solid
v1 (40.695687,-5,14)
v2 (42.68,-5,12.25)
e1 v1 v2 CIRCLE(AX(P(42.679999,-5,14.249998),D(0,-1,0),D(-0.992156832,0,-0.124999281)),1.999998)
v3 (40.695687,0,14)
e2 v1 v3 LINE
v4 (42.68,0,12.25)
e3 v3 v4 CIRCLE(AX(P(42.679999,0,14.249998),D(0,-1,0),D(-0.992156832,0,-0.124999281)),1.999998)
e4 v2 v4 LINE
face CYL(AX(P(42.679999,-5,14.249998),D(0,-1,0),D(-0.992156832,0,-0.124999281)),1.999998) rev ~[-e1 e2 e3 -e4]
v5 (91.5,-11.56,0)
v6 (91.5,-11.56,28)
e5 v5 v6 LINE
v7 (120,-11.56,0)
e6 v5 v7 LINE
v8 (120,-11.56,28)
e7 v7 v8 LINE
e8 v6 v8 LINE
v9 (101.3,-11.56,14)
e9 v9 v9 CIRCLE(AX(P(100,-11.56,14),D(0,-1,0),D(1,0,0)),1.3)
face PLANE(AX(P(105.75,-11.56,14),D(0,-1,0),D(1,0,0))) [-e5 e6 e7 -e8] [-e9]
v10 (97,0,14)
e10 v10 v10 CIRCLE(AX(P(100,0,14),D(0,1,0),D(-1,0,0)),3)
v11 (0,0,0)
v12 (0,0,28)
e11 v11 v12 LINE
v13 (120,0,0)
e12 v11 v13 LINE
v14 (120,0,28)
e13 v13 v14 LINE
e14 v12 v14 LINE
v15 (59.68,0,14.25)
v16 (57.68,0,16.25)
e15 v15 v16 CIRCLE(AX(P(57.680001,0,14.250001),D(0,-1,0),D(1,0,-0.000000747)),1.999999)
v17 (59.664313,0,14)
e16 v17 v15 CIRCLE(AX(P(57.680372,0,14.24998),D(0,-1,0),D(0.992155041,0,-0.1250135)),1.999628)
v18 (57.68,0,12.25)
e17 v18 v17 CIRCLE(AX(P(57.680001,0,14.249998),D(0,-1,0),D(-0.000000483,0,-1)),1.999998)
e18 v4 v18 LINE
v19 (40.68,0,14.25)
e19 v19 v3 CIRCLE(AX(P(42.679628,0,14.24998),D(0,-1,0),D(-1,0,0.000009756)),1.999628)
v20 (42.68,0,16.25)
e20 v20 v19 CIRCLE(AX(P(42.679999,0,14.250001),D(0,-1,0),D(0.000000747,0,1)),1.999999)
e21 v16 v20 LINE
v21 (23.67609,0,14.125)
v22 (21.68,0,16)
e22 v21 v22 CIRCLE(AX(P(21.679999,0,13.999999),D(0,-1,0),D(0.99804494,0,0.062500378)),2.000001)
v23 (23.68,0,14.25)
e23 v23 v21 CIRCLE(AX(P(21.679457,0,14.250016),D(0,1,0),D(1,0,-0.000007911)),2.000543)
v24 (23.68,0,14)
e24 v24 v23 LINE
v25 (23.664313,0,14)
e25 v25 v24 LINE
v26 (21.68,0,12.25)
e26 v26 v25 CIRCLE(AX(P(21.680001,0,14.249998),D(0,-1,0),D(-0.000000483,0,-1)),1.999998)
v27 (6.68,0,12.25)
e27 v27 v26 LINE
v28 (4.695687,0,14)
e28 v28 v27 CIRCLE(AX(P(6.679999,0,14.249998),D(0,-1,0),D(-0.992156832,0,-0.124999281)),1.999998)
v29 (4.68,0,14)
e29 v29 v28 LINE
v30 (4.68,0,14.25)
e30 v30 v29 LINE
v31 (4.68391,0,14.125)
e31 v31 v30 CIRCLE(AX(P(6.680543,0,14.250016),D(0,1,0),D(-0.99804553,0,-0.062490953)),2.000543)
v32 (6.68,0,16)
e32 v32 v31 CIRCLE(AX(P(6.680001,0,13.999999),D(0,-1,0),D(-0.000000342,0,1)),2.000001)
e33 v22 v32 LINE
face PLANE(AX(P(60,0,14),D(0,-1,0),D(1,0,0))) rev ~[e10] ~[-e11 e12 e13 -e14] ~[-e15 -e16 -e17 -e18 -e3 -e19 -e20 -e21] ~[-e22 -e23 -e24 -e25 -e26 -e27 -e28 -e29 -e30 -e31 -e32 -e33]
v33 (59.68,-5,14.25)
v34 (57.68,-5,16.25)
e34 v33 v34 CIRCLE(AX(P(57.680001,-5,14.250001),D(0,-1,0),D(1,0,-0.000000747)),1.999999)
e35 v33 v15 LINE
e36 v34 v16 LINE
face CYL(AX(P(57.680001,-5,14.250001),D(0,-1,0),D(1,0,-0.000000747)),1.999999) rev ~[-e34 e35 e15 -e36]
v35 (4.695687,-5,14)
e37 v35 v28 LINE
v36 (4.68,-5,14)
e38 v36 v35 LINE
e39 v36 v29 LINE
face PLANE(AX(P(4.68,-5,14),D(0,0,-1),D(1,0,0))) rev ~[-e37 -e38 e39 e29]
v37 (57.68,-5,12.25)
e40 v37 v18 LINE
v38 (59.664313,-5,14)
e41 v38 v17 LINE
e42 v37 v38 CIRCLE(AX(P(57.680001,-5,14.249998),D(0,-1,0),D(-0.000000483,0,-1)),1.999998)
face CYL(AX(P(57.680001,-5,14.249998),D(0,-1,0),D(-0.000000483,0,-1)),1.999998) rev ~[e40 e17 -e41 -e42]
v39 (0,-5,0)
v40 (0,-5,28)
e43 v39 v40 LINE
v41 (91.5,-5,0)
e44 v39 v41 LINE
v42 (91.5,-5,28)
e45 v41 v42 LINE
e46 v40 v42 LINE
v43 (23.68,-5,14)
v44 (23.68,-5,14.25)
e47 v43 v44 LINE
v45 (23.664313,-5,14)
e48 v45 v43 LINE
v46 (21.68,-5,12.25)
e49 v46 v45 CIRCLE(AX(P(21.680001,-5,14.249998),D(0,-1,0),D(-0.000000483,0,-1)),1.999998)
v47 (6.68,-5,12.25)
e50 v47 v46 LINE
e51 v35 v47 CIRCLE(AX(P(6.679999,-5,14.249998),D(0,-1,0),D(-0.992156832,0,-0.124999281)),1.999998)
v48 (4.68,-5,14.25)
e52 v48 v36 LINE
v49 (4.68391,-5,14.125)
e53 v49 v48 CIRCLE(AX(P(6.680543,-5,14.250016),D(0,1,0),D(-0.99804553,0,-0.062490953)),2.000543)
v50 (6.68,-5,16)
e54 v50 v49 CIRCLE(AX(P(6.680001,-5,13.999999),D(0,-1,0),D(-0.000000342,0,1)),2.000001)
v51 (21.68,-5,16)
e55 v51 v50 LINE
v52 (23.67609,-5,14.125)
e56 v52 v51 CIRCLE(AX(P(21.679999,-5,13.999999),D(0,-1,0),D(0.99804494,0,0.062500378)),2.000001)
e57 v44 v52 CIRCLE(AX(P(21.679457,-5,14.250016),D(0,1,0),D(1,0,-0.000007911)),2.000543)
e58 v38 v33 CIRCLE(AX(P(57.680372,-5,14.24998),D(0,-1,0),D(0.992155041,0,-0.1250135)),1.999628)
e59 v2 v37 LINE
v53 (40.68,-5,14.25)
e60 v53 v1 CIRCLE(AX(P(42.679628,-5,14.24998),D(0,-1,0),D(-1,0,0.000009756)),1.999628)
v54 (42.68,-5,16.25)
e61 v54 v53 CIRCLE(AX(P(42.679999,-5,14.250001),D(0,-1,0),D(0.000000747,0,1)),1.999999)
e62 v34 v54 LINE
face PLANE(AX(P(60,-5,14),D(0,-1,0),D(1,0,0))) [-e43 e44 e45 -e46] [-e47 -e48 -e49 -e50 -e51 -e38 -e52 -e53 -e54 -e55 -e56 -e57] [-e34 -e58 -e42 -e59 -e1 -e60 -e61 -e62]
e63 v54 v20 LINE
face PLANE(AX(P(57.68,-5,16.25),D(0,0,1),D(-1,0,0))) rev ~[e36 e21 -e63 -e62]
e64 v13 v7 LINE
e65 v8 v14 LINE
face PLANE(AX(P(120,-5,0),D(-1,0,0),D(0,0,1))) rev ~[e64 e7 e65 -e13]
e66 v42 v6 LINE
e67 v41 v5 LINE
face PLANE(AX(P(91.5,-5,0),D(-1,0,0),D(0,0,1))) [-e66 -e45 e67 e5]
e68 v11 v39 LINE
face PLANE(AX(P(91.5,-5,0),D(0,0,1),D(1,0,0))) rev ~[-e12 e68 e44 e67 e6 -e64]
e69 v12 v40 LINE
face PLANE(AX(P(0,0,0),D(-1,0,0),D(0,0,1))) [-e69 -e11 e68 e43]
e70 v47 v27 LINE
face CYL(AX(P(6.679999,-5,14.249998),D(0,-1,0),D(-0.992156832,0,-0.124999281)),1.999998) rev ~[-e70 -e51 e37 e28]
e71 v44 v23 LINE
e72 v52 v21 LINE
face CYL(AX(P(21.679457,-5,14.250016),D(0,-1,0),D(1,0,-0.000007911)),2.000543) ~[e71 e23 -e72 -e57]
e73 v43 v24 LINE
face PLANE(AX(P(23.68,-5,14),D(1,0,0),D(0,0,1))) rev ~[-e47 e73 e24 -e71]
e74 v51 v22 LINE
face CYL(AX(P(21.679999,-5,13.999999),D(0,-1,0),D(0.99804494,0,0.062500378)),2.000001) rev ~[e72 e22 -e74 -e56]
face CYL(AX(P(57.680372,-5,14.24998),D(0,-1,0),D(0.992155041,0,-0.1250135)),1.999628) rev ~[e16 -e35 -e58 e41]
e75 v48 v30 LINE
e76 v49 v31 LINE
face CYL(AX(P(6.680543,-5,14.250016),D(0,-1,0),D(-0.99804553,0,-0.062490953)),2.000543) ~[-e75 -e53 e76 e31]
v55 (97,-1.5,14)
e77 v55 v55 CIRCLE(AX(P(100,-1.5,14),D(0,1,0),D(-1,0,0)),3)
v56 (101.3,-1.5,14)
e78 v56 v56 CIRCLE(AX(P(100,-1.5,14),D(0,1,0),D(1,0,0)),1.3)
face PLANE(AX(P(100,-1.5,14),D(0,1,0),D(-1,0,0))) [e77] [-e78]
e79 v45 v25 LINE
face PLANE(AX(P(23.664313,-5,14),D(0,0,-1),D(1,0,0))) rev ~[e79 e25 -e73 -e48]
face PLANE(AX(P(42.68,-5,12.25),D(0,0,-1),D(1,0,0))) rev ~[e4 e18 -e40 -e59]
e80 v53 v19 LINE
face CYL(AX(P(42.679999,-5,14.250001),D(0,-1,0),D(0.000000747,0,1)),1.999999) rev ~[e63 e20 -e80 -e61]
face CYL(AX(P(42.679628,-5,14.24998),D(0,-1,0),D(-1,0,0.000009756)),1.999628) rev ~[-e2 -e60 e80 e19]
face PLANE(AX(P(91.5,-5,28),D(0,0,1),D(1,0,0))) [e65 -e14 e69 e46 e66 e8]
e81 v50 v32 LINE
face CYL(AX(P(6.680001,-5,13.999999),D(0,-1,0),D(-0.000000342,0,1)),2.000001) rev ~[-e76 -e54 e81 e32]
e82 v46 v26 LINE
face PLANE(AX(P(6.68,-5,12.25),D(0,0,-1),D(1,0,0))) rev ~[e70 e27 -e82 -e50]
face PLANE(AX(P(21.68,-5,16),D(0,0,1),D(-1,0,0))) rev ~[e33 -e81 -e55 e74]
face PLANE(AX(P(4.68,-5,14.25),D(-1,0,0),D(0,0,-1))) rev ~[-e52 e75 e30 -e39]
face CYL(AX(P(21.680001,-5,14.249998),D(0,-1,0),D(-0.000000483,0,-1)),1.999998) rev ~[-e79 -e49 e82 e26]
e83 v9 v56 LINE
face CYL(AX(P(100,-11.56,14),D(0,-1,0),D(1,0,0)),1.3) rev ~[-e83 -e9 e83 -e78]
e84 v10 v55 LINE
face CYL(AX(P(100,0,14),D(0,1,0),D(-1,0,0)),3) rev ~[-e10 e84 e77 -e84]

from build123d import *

# Parameters (mm, degrees)
F0_W     = 120
F0_H     = 28
F1_DEPTH = 5
F2_W     = 28.5
F2_H     = 28
F3_DEPTH = 6.56
F5_R     = 1.3
F6_DEPTH = 11.56
F7_DEPTH = 5
F8_R     = 3
F8_R_2   = 1.3
F9_DEPTH = 1.5


with BuildPart() as f1:
    # F0 (on Front) → F1 (new body)
    with BuildSketch(Plane.XZ):
        with Locations((60, 14)):
            Rectangle(F0_W, F0_H)
    extrude(amount=F1_DEPTH)

    # F2 (on face) → F3 (join)
    with BuildSketch(Plane.XZ.offset(5)):
        with Locations((105.75, 14)):
            Rectangle(F2_W, F2_H)
    extrude(amount=F3_DEPTH)

    # F5 (on face) → F6 (cut, through all)
    with BuildSketch(Plane.XZ.offset(11.56)):
        with Locations((100, 14)):
            Circle(F5_R)
    extrude(amount=-F6_DEPTH, mode=Mode.SUBTRACT)

    # F4 (on face) → F7 (cut, through all)
    with BuildSketch(Plane.XZ.offset(5)):
        with BuildLine():
            ThreePointArc((4.68391, 14.125), (4.680978, 14.062531), (4.68, 14))
            Line((4.68, 14), (4.695687, 14))
            ThreePointArc((4.695687, 14), (4.688817, 14.062408), (4.68391, 14.125))
        make_face()
        with BuildLine():
            ThreePointArc((40.68, 14.25), (40.683925, 14.124754), (40.695687, 14))
            Line((40.695687, 14), (59.664313, 14))
            ThreePointArc((59.664313, 14), (59.676075, 14.124754), (59.68, 14.25))
            ThreePointArc((59.68, 14.25), (59.094214, 15.664214), (57.68, 16.25))
            Line((57.68, 16.25), (42.68, 16.25))
            ThreePointArc((42.68, 16.25), (41.265786, 15.664214), (40.68, 14.25))
        make_face()
        with BuildLine():
            Line((59.664313, 14), (40.695687, 14))
            ThreePointArc((40.695687, 14), (41.357124, 12.75), (42.68, 12.25))
            Line((42.68, 12.25), (57.68, 12.25))
            ThreePointArc((57.68, 12.25), (59.002876, 12.75), (59.664313, 14))
        make_face()
        with BuildLine():
            Line((4.68, 14.25), (4.68, 14))
            ThreePointArc((4.68, 14), (4.680978, 14.062531), (4.68391, 14.125))
            ThreePointArc((4.68391, 14.125), (4.680978, 14.187469), (4.68, 14.25))
        make_face()
        with BuildLine():
            ThreePointArc((4.68391, 14.125), (4.688817, 14.062408), (4.695687, 14))
            Line((4.695687, 14), (23.664313, 14))
            ThreePointArc((23.664313, 14), (23.671183, 14.062408), (23.67609, 14.125))
            ThreePointArc((23.67609, 14.125), (23.049306, 15.457738), (21.68, 16))
            Line((21.68, 16), (6.68, 16))
            ThreePointArc((6.68, 16), (5.310694, 15.457738), (4.68391, 14.125))
        make_face()
        with BuildLine():
            Line((23.664313, 14), (4.695687, 14))
            ThreePointArc((4.695687, 14), (5.357124, 12.75), (6.68, 12.25))
            Line((6.68, 12.25), (21.68, 12.25))
            ThreePointArc((21.68, 12.25), (23.002876, 12.75), (23.664313, 14))
        make_face()
        with BuildLine():
            ThreePointArc((23.67609, 14.125), (23.671183, 14.062408), (23.664313, 14))
            Line((23.664313, 14), (23.68, 14))
            ThreePointArc((23.68, 14), (23.679022, 14.062531), (23.67609, 14.125))
        make_face()
        with BuildLine():
            ThreePointArc((23.67609, 14.125), (23.679022, 14.062531), (23.68, 14))
            Line((23.68, 14), (23.68, 14.25))
            ThreePointArc((23.68, 14.25), (23.679022, 14.187469), (23.67609, 14.125))
        make_face()
    extrude(amount=-F7_DEPTH, mode=Mode.SUBTRACT)

    # F8 (on face) → F9 (cut)
    with BuildSketch(Plane(origin=(0, 0, 0), x_dir=(-1, 0, 0), z_dir=(0, 1, 0))):
        with Locations((-100, 14)):
            Circle(F8_R)
        with Locations((-100, 14)):
            Circle(F8_R_2, mode=Mode.SUBTRACT)
    extrude(amount=-F9_DEPTH, mode=Mode.SUBTRACT)


solid = f1.part
